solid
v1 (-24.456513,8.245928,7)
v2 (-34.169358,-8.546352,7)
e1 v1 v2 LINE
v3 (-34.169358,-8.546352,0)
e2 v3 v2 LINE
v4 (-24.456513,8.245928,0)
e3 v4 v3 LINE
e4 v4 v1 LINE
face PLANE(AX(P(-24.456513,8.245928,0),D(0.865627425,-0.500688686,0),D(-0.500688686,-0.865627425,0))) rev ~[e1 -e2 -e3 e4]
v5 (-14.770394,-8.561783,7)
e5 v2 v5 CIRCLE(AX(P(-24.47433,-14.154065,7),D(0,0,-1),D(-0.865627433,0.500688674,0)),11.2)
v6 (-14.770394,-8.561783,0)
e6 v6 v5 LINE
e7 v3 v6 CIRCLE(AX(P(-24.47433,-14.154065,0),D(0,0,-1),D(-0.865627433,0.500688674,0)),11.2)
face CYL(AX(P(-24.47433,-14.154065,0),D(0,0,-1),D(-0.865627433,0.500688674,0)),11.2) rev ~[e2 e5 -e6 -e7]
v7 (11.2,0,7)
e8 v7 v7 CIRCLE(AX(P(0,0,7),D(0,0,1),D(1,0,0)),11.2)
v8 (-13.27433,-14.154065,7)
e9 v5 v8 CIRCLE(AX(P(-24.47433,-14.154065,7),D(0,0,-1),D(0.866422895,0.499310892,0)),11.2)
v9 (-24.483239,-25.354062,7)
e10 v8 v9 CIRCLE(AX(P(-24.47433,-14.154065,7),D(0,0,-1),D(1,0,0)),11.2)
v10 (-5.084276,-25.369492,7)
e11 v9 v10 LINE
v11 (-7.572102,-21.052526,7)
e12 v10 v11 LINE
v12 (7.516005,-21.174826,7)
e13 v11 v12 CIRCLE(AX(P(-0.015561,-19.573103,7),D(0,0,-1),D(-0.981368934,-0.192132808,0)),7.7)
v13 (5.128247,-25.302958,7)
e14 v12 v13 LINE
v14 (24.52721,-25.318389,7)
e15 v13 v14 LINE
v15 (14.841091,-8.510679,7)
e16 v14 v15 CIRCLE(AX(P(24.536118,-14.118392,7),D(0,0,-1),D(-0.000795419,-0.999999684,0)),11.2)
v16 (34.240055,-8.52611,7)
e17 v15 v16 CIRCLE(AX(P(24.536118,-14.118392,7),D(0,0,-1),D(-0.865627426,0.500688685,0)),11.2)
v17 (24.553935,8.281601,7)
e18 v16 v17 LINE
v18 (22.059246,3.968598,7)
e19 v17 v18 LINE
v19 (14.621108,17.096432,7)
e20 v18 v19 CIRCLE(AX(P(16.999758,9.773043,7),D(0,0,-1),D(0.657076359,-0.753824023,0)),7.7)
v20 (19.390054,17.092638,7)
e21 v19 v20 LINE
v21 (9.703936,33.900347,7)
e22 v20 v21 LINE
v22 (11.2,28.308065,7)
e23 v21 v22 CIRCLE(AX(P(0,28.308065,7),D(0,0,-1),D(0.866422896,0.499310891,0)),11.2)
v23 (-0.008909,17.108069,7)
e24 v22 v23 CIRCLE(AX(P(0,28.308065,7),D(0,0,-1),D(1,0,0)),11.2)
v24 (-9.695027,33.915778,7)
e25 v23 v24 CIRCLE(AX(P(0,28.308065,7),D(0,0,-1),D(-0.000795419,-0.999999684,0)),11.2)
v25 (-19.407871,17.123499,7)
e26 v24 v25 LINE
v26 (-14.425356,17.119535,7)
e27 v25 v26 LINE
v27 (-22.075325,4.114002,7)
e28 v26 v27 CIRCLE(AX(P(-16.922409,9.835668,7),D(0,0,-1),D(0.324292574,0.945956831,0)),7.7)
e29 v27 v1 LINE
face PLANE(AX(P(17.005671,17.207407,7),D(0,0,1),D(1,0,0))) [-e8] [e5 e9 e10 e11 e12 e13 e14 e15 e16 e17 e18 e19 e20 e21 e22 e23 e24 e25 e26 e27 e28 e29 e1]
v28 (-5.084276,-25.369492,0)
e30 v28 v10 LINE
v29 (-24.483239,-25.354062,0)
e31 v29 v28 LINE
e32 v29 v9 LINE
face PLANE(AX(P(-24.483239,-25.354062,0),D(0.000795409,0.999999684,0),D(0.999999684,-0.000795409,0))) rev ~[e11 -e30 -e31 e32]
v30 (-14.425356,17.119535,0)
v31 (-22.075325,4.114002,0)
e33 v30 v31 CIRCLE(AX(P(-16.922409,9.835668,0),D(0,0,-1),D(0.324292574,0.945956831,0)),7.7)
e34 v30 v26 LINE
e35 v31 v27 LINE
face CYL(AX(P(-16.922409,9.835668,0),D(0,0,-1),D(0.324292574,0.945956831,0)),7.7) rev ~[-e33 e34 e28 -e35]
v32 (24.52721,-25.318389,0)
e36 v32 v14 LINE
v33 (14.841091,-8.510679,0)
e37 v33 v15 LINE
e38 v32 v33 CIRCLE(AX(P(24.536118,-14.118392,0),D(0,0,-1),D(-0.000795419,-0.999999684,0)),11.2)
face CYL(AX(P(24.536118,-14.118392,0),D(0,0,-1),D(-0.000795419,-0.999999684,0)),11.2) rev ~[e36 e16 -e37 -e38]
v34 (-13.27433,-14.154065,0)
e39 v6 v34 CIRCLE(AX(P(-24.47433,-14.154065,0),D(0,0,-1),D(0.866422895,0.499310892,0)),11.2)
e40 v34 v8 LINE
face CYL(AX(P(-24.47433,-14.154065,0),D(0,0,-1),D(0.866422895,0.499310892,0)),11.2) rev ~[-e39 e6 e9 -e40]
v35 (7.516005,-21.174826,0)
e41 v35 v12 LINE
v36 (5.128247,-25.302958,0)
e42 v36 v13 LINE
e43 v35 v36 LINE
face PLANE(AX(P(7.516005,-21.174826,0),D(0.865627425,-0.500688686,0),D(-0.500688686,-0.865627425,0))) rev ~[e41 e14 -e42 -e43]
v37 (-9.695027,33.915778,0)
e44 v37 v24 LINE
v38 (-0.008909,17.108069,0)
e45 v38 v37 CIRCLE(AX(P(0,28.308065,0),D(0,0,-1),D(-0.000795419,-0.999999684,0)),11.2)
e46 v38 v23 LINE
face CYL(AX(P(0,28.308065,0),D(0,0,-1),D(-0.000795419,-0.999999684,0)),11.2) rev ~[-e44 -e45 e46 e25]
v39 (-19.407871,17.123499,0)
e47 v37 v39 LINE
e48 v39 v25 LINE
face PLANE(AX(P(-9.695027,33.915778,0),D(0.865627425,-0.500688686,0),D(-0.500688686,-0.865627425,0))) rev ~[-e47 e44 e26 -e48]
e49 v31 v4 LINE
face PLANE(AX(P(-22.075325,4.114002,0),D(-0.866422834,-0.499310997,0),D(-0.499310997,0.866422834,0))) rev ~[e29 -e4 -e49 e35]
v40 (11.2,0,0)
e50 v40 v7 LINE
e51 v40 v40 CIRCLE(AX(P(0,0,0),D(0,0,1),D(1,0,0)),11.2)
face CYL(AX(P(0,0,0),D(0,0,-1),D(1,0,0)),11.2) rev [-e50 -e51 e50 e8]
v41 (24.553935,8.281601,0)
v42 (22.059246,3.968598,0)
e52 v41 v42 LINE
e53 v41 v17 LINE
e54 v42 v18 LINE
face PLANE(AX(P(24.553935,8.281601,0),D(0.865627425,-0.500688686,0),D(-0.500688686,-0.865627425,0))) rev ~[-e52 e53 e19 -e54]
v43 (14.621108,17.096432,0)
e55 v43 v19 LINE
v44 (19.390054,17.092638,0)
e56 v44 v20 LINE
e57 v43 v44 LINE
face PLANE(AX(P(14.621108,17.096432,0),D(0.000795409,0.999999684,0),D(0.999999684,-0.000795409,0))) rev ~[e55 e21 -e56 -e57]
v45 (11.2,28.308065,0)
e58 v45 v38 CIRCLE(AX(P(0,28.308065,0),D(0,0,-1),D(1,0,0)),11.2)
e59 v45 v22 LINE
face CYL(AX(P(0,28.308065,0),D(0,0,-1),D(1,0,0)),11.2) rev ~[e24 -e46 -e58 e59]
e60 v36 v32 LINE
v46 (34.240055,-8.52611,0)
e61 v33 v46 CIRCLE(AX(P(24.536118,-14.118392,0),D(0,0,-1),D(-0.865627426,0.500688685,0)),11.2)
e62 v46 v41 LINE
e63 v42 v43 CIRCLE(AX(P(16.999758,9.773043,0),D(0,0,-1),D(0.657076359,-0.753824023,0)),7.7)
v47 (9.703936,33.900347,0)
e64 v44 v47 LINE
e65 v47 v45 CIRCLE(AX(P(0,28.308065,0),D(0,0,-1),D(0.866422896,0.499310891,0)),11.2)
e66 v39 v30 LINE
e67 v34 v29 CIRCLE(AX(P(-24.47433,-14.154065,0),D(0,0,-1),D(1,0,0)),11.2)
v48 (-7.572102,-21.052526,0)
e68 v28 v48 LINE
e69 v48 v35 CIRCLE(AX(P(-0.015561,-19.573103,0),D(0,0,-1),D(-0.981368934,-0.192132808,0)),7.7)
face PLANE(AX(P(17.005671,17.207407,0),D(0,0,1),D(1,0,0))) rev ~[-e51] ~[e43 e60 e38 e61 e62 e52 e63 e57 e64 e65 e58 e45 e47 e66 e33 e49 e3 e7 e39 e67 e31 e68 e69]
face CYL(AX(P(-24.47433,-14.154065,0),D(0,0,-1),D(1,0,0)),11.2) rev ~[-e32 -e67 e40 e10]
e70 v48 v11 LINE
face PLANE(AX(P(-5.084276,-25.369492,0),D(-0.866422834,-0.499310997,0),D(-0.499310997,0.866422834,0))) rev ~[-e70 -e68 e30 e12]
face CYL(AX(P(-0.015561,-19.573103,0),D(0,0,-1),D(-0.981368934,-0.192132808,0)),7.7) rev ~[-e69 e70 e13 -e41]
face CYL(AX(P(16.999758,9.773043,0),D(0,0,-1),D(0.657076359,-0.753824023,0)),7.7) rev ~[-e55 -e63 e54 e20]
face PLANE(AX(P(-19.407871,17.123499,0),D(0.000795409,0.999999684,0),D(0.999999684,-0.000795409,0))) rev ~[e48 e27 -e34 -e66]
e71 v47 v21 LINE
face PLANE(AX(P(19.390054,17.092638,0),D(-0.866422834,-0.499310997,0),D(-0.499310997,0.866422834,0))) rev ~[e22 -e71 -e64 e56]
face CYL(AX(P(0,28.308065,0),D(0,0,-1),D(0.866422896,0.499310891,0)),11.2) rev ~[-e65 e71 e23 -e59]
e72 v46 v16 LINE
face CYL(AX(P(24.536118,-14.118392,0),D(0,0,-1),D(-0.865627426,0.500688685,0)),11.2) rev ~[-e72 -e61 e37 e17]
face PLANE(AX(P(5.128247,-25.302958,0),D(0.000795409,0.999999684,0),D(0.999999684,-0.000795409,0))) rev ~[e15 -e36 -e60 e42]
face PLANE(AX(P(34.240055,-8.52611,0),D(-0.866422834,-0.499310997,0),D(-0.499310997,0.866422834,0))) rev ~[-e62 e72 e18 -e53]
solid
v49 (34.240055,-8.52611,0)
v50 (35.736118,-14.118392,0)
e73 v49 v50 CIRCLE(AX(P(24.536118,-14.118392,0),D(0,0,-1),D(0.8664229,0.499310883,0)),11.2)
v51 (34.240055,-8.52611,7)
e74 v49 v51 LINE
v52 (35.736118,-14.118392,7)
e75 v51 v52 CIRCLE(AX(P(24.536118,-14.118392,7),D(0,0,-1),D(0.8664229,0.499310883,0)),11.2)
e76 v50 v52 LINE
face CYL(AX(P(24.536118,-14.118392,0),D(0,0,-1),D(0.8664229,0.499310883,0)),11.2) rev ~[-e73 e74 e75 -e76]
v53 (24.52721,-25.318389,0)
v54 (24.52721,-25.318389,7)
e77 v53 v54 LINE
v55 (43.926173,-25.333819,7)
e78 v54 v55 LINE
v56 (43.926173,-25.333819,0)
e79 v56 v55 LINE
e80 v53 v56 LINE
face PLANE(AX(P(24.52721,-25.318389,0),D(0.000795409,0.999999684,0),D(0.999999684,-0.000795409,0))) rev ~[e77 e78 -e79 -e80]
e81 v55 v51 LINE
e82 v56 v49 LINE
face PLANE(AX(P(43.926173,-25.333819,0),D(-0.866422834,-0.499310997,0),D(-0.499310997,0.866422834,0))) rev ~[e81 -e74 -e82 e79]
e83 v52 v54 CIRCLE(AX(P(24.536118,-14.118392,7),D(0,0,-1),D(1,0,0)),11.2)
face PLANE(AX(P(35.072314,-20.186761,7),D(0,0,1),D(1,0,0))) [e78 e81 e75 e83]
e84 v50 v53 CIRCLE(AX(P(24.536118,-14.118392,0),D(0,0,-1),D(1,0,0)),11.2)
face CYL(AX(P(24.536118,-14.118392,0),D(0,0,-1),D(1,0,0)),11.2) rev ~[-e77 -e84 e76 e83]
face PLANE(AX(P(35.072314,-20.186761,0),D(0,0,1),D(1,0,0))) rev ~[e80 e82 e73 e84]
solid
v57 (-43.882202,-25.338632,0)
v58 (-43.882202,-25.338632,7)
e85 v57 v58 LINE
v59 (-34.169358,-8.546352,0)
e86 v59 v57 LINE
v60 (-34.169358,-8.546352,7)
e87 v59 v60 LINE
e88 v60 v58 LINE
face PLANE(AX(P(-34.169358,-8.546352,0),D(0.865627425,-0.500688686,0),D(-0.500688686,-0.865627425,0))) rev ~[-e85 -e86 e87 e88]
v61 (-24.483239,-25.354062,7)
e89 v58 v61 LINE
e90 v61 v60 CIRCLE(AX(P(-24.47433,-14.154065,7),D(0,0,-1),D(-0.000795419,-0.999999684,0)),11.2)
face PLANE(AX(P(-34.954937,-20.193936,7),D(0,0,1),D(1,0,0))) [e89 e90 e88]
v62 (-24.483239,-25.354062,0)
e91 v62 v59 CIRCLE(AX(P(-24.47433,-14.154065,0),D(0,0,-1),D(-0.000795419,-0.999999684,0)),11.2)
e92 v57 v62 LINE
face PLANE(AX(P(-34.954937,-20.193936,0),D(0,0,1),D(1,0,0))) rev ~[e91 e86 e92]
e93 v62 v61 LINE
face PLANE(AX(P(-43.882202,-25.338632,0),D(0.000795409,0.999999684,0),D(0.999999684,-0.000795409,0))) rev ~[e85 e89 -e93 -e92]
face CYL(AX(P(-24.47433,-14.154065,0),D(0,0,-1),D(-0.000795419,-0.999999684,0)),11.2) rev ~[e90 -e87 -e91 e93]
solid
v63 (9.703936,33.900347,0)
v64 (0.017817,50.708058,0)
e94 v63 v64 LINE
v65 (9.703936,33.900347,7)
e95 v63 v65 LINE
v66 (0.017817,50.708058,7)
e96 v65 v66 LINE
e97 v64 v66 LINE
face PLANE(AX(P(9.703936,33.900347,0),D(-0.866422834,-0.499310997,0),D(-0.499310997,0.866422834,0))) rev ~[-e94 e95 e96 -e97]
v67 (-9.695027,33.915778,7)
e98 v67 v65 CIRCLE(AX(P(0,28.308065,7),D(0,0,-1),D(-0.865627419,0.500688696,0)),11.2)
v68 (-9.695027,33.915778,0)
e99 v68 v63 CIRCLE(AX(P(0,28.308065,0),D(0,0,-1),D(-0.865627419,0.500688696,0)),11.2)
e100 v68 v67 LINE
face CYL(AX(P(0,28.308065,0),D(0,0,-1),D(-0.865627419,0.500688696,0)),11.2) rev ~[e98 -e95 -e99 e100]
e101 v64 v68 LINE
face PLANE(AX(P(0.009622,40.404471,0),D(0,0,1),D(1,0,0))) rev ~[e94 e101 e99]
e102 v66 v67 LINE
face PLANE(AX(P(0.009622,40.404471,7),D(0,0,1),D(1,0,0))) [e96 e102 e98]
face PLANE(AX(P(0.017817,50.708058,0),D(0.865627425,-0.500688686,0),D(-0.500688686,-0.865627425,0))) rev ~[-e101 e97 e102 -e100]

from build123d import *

# Parameters (mm, degrees)
F1_DEPTH = 7
F0_R     = 11.2


with BuildPart() as f1:
    # F0 (on Top) → F1 (new body)
    with BuildSketch(Plane.XY):
        with BuildLine():
            Line((0.017817163, 50.70805789), (-9.6950270976, 33.915778376))
            ThreePointArc((-9.6950270976, 33.915778376), (0.0089093351, 39.5080614323), (9.7039364318, 33.9003469546))
            Line((9.7039364318, 33.9003469546), (0.017817163, 50.70805789))
        make_face()
    extrude(amount=F1_DEPTH)


with BuildPart() as f1b:
    # F0 (on Top) → F1, piece 2 (new body)
    with BuildSketch(Plane.XY):
        with BuildLine():
            Line((14.6211081289, 17.0964316673), (19.3900543266, 17.0926384031))
            ThreePointArc((19.3900543266, 17.0926384031), (17.0058822943, 17.473040229), (14.6211081289, 17.0964316673))
        make_face()
        with BuildLine():
            ThreePointArc((-14.4253563092, 17.1195354957), (-16.9162844819, 17.5356654608), (-19.4078714897, 17.1234986347))
            Line((-19.4078714897, 17.1234986347), (-14.4253563092, 17.1195354957))
        make_face()
        with BuildLine():
            ThreePointArc((-24.4565133276, 8.2459276768), (-23.5938649563, 5.9909732168), (-22.0753252919, 4.1140024881))
            Line((-22.0753252919, 4.1140024881), (-24.4565133276, 8.2459276768))
        make_face()
        with BuildLine():
            Line((-5.084276164, -25.3694918101), (-7.5721015751, -21.0525255196))
            ThreePointArc((-7.5721015751, -21.0525255196), (-6.6870166098, -23.4177975787), (-5.084276164, -25.3694918101))
        make_face()
        with BuildLine():
            ThreePointArc((5.1282467285, -25.3029584173), (6.6497703895, -23.4284057834), (7.5160048905, -21.174826493))
            Line((7.5160048905, -21.174826493), (5.1282467285, -25.3029584173))
        make_face()
        with BuildLine():
            Line((24.5539353812, 8.2816008379), (22.0592456119, 3.9685976864))
            ThreePointArc((22.0592456119, 3.9685976864), (23.6650888193, 5.9177397804), (24.5539353812, 8.2816008379))
        make_face()
        with BuildLine():
            Line((-9.6950270976, 33.915778376), (-19.4078714897, 17.1234986347))
            ThreePointArc((-19.4078714897, 17.1234986347), (-16.9162844819, 17.5356654608), (-14.4253563092, 17.1195354957))
            Line((-14.4253563092, 17.1195354957), (-0.008908689, 17.108068519))
            ThreePointArc((-0.008908689, 17.108068519), (-9.7039358045, 22.7157819088), (-9.6950270976, 33.915778376))
        make_face()
        with BuildLine():
            Line((19.3900543266, 17.0926384031), (9.7039364318, 33.9003469546))
            ThreePointArc((9.7039364318, 33.9003469546), (10.819521432, 31.2025348725), (11.2, 28.3080649759))
            ThreePointArc((11.2, 28.3080649759), (7.9164456255, 20.3853199555), (-0.008908689, 17.108068519))
            Line((-0.008908689, 17.108068519), (14.6211081289, 17.0964316673))
            ThreePointArc((14.6211081289, 17.0964316673), (17.0058822943, 17.473040229), (19.3900543266, 17.0926384031))
        make_face()
        with BuildLine():
            Line((-14.7703940663, -8.5617832457), (-22.0753252919, 4.1140024881))
            ThreePointArc((-22.0753252919, 4.1140024881), (-23.5938649563, 5.9909732168), (-24.4565133276, 8.2459276768))
            Line((-24.4565133276, 8.2459276768), (-34.1693577364, -8.5463520935))
            ThreePointArc((-34.1693577364, -8.5463520935), (-24.465421311, -2.9540687807), (-14.7703940663, -8.5617832457))
        make_face()
        with BuildLine():
            Line((-7.5721015751, -21.0525255196), (-14.7703940663, -8.5617832457))
            ThreePointArc((-14.7703940663, -8.5617832457), (-13.6548090605, -11.2595953335), (-13.2743304906, -14.1540652373))
            ThreePointArc((-13.2743304906, -14.1540652373), (-16.557884868, -22.0768102606), (-24.4832391879, -25.3540616942))
            Line((-24.4832391879, -25.3540616942), (-5.084276164, -25.3694918101))
            ThreePointArc((-5.084276164, -25.3694918101), (-6.6870166098, -23.4177975787), (-7.5721015751, -21.0525255196))
        make_face()
        with BuildLine():
            ThreePointArc((24.5272095209, -25.3183885331), (14.8321824486, -19.7106752038), (14.8410910465, -8.5106788041))
            Line((14.8410910465, -8.5106788041), (7.5160048905, -21.174826493))
            ThreePointArc((7.5160048905, -21.174826493), (6.6497703895, -23.4284057834), (5.1282467285, -25.3029584173))
            Line((5.1282467285, -25.3029584173), (24.5272095209, -25.3183885331))
        make_face()
        with BuildLine():
            ThreePointArc((24.5539353812, 8.2816008379), (23.6650888193, 5.9177397804), (22.0592456119, 3.9685976864))
            Line((22.0592456119, 3.9685976864), (14.8410910465, -8.5106788041))
            ThreePointArc((14.8410910465, -8.5106788041), (24.5450275316, -2.9183956197), (34.2400547022, -8.5261101882))
            Line((34.2400547022, -8.5261101882), (24.5539353812, 8.2816008379))
        make_face()
        with BuildLine():
            Line((-0.008908689, 17.108068519), (-14.4253563092, 17.1195354957))
            ThreePointArc((-14.4253563092, 17.1195354957), (-10.285438835, 5.9317435531), (-22.0753252919, 4.1140024881))
            Line((-22.0753252919, 4.1140024881), (-14.7703940663, -8.5617832457))
            Line((-14.7703940663, -8.5617832457), (-7.5721015751, -21.0525255196))
            ThreePointArc((-7.5721015751, -21.0525255196), (0.0468517223, -11.873355846), (7.5160048905, -21.174826493))
            Line((7.5160048905, -21.174826493), (14.8410910465, -8.5106788041))
            Line((14.8410910465, -8.5106788041), (22.0592456119, 3.9685976864))
            ThreePointArc((22.0592456119, 3.9685976864), (10.3003748402, 5.9772199555), (14.6211081289, 17.0964316673))
            Line((14.6211081289, 17.0964316673), (-0.008908689, 17.108068519))
        make_face()
        Circle(F0_R, mode=Mode.SUBTRACT)
    extrude(amount=F1_DEPTH)


with BuildPart() as f1c:
    # F0 (on Top) → F1, piece 3 (new body)
    with BuildSketch(Plane.XY):
        with BuildLine():
            ThreePointArc((-24.4832391879, -25.3540616942), (-34.1782662232, -19.7463484291), (-34.1693577364, -8.5463520935))
            Line((-34.1693577364, -8.5463520935), (-43.8822019802, -25.3386315785))
            Line((-43.8822019802, -25.3386315785), (-24.4832391879, -25.3540616942))
        make_face()
    extrude(amount=F1_DEPTH)


with BuildPart() as f1d:
    # F0 (on Top) → F1, piece 4 (new body)
    with BuildSketch(Plane.XY):
        with BuildLine():
            Line((43.9261725448, -25.333818649), (34.2400547022, -8.5261101882))
            ThreePointArc((34.2400547022, -8.5261101882), (35.3556396637, -11.2239222301), (35.7361182182, -14.1183920761))
            ThreePointArc((35.7361182182, -14.1183920761), (32.4525638407, -22.0411370995), (24.5272095209, -25.3183885331))
            Line((24.5272095209, -25.3183885331), (43.9261725448, -25.333818649))
        make_face()
    extrude(amount=F1_DEPTH)


solid = Compound([f1.part, f1b.part, f1c.part, f1d.part])
